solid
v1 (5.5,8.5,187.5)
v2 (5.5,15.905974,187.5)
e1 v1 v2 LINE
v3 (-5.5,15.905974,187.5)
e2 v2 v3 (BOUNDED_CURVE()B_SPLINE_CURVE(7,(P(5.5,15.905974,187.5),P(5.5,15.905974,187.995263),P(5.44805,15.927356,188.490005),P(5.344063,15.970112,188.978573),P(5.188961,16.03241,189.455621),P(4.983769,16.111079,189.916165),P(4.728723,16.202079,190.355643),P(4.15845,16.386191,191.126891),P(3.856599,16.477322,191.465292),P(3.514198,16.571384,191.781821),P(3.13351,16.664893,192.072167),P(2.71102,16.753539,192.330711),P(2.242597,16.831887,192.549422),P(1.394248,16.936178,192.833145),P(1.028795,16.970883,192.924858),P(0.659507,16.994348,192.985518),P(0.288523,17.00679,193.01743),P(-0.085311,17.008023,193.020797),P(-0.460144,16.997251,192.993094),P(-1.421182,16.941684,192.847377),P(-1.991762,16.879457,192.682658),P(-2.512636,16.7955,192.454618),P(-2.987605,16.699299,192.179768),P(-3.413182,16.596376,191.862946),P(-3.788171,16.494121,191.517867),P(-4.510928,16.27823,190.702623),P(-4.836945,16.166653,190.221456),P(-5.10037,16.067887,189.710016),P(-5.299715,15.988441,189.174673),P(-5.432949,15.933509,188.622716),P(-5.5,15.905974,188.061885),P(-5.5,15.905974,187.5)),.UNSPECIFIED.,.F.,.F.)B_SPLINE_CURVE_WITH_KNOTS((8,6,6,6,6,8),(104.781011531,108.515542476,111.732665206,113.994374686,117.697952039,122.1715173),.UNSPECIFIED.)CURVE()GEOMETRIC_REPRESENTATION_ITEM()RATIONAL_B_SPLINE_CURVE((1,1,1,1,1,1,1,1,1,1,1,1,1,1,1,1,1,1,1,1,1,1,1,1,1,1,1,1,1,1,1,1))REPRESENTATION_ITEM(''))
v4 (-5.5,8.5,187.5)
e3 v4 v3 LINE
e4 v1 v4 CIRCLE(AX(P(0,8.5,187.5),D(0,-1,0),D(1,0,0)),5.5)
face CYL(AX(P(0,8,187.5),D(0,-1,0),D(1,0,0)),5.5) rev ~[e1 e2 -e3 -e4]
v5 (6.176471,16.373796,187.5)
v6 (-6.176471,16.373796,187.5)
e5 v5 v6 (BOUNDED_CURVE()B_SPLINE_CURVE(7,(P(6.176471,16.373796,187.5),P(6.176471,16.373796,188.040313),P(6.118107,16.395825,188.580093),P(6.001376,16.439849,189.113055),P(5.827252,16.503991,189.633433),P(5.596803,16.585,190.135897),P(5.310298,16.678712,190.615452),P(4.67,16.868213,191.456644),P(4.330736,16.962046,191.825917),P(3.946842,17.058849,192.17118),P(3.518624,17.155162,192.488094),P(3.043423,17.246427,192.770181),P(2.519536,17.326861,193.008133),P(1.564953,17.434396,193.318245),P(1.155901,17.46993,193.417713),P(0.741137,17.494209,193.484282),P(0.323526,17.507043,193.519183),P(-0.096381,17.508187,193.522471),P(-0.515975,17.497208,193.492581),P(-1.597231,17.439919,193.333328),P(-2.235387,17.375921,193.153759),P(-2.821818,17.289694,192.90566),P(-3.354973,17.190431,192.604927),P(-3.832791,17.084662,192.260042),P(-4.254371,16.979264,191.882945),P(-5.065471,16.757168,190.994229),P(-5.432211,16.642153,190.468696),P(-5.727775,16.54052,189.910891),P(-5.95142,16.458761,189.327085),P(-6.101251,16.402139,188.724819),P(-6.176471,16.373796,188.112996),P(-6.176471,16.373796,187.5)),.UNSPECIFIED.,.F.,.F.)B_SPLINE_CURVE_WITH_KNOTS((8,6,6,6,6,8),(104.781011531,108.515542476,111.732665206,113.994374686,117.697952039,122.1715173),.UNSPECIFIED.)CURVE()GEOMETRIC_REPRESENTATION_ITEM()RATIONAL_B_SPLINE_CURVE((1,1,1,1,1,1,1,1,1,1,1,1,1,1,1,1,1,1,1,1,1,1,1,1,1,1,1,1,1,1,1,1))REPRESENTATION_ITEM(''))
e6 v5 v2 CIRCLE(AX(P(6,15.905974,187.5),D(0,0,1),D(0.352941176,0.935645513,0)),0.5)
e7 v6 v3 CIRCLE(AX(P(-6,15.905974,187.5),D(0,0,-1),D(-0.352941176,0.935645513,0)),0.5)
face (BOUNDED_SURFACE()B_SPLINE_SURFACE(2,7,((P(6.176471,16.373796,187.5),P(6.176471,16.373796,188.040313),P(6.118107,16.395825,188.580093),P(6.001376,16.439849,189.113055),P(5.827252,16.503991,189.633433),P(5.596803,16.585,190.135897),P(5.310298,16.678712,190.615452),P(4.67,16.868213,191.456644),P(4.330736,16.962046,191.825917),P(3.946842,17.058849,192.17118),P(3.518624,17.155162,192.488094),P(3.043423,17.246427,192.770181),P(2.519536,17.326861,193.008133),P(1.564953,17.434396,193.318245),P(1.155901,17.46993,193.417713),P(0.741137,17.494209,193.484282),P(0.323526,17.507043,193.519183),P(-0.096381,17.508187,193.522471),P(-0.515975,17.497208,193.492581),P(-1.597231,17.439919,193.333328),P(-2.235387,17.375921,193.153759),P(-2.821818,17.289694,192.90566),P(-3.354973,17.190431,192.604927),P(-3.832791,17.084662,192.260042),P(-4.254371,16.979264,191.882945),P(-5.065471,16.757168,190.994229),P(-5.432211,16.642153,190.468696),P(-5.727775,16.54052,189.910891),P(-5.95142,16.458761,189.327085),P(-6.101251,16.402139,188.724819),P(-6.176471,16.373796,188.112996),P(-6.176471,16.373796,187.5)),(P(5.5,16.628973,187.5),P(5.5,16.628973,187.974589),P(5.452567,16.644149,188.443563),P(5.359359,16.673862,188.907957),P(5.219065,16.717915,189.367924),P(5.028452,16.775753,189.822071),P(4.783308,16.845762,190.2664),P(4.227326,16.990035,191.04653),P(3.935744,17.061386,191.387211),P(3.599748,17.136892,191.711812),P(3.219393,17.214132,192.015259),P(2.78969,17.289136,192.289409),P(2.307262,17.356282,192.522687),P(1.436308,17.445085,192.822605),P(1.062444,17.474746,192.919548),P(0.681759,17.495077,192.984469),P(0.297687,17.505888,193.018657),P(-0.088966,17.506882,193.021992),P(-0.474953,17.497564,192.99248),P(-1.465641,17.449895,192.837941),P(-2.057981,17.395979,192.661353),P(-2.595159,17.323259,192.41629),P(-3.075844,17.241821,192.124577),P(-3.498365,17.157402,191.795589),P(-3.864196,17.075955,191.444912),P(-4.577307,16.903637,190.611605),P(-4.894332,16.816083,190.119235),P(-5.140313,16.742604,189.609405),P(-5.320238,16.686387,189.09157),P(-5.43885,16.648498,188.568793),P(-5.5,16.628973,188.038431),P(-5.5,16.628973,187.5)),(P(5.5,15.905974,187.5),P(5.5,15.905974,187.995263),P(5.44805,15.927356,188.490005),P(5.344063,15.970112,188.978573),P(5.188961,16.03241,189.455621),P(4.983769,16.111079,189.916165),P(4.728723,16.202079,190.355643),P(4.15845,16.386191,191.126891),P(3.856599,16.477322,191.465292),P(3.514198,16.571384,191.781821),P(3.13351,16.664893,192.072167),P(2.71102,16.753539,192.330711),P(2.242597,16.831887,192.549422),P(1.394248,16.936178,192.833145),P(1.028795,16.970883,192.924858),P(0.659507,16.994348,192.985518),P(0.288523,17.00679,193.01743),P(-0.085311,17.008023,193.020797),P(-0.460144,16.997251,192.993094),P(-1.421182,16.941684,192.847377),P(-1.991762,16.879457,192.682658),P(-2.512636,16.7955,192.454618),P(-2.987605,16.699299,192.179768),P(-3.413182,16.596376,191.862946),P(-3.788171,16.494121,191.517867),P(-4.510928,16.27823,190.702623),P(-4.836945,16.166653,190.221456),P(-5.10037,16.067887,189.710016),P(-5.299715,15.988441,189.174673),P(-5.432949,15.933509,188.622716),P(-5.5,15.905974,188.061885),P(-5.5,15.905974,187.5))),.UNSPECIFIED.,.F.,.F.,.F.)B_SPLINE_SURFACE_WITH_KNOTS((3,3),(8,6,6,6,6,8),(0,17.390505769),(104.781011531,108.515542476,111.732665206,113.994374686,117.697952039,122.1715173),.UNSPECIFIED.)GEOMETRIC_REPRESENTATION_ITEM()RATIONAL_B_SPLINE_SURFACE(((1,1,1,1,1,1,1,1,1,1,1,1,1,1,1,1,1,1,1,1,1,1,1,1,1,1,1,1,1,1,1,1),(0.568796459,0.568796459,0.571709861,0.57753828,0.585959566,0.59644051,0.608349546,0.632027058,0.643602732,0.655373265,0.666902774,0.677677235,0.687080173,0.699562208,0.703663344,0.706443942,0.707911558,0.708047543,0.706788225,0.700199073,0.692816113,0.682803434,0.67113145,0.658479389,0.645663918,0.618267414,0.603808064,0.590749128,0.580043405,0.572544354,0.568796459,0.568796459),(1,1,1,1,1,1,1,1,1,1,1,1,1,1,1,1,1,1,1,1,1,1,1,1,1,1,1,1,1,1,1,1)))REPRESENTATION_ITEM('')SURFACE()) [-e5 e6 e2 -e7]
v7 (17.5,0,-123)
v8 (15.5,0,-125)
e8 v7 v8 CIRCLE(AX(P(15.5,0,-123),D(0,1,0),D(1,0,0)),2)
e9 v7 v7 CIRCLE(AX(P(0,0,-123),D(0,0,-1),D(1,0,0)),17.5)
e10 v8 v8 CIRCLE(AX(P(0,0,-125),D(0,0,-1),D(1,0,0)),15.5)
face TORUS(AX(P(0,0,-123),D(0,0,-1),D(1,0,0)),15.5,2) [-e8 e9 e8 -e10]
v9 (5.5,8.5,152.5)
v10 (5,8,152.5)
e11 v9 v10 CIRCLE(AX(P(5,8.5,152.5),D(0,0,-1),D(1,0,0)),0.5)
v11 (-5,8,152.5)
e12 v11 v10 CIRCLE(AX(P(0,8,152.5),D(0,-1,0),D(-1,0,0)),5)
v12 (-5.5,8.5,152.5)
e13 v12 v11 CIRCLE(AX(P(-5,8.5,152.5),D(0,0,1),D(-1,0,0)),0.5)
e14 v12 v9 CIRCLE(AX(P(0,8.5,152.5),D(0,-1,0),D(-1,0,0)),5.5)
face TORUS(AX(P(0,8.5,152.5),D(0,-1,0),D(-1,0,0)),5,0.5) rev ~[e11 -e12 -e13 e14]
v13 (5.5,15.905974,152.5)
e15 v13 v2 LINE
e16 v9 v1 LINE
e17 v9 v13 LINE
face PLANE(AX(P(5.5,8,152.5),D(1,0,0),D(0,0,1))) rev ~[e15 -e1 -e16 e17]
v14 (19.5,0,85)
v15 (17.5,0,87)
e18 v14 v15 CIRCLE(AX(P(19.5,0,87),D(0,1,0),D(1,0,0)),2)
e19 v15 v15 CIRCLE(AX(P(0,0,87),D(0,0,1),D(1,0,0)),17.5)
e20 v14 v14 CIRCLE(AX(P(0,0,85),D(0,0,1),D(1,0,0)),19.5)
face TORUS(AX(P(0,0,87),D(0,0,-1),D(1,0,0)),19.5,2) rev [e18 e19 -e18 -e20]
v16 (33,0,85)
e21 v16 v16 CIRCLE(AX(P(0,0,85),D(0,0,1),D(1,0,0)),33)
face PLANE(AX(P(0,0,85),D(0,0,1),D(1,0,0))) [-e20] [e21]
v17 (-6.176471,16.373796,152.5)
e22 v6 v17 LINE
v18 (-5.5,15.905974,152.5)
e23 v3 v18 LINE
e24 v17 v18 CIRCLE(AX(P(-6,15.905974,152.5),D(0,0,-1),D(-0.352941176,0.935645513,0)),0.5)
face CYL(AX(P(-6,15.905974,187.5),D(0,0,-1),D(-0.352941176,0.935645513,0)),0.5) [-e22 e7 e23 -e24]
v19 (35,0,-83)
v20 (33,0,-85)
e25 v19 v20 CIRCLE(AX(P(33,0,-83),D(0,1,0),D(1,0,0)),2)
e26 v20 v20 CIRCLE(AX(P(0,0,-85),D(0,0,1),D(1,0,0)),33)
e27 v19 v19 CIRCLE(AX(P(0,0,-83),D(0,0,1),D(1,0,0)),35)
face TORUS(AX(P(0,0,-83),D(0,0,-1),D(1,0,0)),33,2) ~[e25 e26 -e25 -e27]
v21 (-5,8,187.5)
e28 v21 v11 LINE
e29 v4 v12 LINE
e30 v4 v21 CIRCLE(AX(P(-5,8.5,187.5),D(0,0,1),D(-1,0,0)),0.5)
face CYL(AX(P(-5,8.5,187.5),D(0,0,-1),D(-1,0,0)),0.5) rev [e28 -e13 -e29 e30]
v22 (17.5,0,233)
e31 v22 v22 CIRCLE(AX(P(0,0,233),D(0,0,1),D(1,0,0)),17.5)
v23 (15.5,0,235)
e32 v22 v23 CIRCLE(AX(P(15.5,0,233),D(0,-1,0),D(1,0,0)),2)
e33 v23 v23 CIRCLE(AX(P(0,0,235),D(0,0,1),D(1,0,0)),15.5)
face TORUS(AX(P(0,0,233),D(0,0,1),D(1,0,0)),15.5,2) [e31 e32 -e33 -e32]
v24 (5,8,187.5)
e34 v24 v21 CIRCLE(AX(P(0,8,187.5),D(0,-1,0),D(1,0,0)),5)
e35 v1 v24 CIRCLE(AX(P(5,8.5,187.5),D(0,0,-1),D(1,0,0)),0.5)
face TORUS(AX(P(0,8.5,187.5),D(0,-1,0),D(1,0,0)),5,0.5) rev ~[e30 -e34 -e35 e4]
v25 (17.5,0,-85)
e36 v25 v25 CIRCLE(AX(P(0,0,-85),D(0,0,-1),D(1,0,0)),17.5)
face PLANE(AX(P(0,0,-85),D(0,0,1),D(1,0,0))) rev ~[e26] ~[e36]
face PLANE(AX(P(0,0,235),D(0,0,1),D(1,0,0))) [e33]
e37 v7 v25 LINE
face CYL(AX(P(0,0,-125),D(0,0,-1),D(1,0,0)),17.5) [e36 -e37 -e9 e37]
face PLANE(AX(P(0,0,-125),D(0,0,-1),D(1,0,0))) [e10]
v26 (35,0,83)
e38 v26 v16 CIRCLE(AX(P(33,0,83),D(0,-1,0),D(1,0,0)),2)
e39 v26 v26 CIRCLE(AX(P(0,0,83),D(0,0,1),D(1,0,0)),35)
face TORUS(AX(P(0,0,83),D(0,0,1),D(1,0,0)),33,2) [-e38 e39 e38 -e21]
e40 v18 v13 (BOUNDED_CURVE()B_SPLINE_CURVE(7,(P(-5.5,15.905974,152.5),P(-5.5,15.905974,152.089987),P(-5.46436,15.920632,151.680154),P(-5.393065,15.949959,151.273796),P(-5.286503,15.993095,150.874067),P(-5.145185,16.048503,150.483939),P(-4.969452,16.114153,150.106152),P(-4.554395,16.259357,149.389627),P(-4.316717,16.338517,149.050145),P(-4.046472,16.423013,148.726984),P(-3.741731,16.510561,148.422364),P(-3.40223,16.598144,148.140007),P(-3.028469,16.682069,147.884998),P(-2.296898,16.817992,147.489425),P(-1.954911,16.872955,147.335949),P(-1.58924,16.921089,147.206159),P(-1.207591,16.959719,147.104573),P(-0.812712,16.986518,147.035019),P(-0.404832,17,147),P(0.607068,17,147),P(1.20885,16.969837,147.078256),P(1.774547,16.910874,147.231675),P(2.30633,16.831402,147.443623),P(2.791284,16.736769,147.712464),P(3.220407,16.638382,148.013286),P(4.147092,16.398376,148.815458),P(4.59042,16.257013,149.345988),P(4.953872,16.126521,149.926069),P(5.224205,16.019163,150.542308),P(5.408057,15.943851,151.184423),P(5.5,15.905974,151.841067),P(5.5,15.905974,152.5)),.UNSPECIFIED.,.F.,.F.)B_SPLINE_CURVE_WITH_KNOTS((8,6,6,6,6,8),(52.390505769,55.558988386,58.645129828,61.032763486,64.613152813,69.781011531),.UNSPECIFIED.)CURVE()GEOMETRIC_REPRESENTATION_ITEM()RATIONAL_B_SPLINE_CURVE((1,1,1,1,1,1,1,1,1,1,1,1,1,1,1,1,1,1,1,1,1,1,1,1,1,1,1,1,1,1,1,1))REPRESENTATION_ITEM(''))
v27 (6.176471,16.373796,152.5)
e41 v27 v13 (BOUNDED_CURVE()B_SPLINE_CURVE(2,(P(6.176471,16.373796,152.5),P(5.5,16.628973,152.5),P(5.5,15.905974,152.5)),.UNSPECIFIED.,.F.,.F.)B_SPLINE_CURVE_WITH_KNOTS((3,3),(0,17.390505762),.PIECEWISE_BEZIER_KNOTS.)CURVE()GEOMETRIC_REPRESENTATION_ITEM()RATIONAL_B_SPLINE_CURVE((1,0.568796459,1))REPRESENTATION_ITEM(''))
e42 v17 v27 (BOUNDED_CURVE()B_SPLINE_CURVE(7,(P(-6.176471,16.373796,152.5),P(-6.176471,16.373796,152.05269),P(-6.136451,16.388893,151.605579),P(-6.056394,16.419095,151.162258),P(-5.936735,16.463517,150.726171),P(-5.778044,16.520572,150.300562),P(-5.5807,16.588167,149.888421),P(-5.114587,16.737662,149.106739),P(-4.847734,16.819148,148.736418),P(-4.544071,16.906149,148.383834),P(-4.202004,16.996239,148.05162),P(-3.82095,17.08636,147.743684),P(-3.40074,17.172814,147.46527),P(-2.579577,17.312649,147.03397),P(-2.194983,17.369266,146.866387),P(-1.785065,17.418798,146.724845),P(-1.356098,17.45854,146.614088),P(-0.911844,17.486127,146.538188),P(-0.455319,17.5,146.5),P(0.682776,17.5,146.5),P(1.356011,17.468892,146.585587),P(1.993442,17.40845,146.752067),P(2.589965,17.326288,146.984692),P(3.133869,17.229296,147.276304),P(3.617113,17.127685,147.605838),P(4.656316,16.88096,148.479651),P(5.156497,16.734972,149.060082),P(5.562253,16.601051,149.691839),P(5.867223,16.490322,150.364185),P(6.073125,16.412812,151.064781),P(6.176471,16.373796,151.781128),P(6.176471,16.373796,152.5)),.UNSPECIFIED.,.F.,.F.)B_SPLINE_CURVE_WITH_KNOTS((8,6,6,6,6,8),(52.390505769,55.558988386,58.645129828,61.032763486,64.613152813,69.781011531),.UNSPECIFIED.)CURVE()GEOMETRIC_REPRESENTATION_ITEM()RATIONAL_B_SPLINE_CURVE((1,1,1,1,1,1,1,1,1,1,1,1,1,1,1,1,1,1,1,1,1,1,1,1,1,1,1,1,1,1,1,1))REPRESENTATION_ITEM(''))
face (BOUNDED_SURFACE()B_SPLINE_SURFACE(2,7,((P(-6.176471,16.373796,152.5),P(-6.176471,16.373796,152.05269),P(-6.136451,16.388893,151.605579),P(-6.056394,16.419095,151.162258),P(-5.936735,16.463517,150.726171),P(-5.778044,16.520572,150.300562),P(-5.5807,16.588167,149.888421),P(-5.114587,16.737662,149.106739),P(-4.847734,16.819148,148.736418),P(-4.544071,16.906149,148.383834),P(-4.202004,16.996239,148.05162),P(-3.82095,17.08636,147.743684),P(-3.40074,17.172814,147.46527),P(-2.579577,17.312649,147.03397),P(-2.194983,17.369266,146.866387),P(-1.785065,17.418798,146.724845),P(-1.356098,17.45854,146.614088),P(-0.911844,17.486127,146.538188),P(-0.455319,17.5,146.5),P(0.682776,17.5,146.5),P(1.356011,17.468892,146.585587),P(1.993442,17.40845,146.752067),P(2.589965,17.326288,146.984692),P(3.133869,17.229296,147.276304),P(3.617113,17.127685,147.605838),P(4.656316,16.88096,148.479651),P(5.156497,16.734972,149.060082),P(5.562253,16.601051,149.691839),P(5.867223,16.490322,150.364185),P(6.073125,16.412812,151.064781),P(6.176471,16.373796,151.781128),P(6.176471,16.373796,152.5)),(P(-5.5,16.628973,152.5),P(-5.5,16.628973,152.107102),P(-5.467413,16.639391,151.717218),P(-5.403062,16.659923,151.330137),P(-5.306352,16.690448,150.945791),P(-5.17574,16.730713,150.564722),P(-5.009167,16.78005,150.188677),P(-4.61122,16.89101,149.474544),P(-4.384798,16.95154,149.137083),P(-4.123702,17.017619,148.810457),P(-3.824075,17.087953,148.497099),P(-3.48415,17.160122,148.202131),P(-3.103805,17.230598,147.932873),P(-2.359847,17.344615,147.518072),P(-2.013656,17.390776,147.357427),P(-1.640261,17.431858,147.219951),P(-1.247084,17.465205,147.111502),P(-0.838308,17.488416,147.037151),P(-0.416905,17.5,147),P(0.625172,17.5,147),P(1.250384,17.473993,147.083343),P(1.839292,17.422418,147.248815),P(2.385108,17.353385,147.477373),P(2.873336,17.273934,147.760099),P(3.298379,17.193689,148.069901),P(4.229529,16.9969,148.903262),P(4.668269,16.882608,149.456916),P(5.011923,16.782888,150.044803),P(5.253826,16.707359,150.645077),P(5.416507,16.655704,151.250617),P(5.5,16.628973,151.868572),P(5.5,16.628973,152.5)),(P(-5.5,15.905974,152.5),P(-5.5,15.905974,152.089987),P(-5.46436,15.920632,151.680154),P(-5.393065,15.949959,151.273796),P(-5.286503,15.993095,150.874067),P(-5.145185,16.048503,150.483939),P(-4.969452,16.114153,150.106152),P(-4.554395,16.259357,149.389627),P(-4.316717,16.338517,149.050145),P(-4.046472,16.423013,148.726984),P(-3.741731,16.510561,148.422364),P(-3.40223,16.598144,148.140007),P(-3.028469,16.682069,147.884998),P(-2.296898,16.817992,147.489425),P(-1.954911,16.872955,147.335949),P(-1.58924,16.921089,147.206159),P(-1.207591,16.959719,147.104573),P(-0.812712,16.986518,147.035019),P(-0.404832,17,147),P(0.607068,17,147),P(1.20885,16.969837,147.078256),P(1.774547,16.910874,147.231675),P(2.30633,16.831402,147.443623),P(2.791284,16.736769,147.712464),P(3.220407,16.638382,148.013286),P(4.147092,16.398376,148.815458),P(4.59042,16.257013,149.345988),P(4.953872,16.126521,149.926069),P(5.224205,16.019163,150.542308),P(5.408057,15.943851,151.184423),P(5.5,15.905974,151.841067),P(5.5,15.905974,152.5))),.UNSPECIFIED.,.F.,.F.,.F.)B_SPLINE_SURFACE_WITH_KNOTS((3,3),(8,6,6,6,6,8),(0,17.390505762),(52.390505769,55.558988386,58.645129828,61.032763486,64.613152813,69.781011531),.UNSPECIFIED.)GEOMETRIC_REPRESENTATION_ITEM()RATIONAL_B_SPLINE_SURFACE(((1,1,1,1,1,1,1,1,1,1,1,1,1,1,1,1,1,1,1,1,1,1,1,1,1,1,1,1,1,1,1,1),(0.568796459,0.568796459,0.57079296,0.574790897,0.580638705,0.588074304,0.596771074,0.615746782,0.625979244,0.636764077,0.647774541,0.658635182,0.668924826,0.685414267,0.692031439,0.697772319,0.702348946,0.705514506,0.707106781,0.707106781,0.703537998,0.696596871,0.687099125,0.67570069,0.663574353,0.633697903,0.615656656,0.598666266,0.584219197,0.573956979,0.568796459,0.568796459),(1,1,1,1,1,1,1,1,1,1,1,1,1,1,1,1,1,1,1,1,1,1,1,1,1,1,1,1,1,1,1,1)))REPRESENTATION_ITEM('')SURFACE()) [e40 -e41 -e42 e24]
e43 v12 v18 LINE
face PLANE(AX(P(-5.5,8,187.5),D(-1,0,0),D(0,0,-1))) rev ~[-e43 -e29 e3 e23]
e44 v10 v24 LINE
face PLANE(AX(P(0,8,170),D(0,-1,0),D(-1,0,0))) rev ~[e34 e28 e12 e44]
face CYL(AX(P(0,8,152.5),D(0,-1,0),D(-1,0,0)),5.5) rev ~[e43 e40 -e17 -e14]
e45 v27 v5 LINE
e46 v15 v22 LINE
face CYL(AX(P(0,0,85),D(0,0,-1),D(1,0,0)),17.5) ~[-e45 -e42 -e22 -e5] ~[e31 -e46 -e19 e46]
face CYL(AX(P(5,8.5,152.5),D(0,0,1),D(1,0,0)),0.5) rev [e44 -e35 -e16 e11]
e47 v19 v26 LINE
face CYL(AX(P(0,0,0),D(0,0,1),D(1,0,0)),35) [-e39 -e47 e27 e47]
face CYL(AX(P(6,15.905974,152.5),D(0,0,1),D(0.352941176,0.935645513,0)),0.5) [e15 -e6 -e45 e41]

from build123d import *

# Parameters (mm, degrees)
SKETCH1_R               = 35
BOSS_EXTRUDE1_DEPTH     = 85
SKETCH2_R               = 17.5
BOSS_EXTRUDE2_DEPTH     = 150
BOSS_EXTRUDE3_START     = 40
SKETCH3_R               = 17.5
BOSS_EXTRUDE3_DEPTH     = 40
FILLET1_R               = 2
CUT_EXTRUDE1_REACH      = 243.452
CUT_EXTRUDE1_END_RADIUS = 17.5
FILLET2_R               = 0.5


with BuildPart() as part:
    # Sketch1 → Boss-Extrude1 (new, symmetric)
    with BuildSketch(Plane.XY):
        Circle(SKETCH1_R)
    extrude(amount=BOSS_EXTRUDE1_DEPTH, both=True)

    # Sketch2 → Boss-Extrude2 (add)
    with BuildSketch(Plane.XY.offset(85)):
        Circle(SKETCH2_R)
    extrude(amount=BOSS_EXTRUDE2_DEPTH)

    # Sketch3 → Boss-Extrude3 (add)
    with BuildSketch(Plane(origin=(0, 0, -85), x_dir=(-1, 0, 0), z_dir=(0, 0, -1)).offset(BOSS_EXTRUDE3_START)):
        with Locations(Location((0, 0, 0), (0, 0, 180))):
            Circle(SKETCH3_R)
    extrude(amount=-BOSS_EXTRUDE3_DEPTH)

    # Fillet1
    fillet1_edges = [part.edges().sort_by_distance(p)[0] for p in [
        (-17.5, 0, -125),
        (-35, 0, -85),
        (-35, 0, 85),
        (-17.5, 0, 85),
        (-17.5, 0, 235),
    ]]
    fillet(fillet1_edges, radius=FILLET1_R)

    # Cut-Extrude1: up to this cylinder (the profile starts inside it)
    cut_extrude1_end = Plane(origin=(0, 0, 170), z_dir=(0, 0, -1)) * Cylinder(CUT_EXTRUDE1_END_RADIUS, 522.904, mode=Mode.PRIVATE)
    # Sketch4 → Cut-Extrude1 (cut, up to the surface)
    with BuildSketch(Plane(origin=(0, 8, 0), x_dir=(1, 0, 0), z_dir=(0, 1, 0)), mode=Mode.PRIVATE) as cut_extrude1_sk1:
        with BuildLine():
            Line((-5.5, -187.5), (-5.5, -152.5))
            ThreePointArc((-5.5, -152.5), (0, -147), (5.5, -152.5))
            Line((5.5, -152.5), (5.5, -187.5))
            ThreePointArc((5.5, -187.5), (0, -193), (-5.5, -187.5))
        make_face()
    cut_extrude1_tool1 = extrude(cut_extrude1_sk1.sketch, amount=CUT_EXTRUDE1_REACH, mode=Mode.PRIVATE) & cut_extrude1_end
    add(cut_extrude1_tool1.solids().sort_by_distance((0, 8, 170))[0], mode=Mode.SUBTRACT)

    # Fillet2
    fillet2_edges = [part.edges().sort_by_distance(p)[0] for p in [
        (0, 17.500000003, 193.000000004),
        (0, 8, 193),
        (5.5, 16.613247726, 170),
        (5.5, 8, 170),
        (-2e-09, 17.499999972, 146.999999993),
        (0, 8, 147),
        (-5.5, 16.613247726, 170),
        (-5.5, 8, 170),
    ]]
    fillet(fillet2_edges, radius=FILLET2_R)


solid = part.part
